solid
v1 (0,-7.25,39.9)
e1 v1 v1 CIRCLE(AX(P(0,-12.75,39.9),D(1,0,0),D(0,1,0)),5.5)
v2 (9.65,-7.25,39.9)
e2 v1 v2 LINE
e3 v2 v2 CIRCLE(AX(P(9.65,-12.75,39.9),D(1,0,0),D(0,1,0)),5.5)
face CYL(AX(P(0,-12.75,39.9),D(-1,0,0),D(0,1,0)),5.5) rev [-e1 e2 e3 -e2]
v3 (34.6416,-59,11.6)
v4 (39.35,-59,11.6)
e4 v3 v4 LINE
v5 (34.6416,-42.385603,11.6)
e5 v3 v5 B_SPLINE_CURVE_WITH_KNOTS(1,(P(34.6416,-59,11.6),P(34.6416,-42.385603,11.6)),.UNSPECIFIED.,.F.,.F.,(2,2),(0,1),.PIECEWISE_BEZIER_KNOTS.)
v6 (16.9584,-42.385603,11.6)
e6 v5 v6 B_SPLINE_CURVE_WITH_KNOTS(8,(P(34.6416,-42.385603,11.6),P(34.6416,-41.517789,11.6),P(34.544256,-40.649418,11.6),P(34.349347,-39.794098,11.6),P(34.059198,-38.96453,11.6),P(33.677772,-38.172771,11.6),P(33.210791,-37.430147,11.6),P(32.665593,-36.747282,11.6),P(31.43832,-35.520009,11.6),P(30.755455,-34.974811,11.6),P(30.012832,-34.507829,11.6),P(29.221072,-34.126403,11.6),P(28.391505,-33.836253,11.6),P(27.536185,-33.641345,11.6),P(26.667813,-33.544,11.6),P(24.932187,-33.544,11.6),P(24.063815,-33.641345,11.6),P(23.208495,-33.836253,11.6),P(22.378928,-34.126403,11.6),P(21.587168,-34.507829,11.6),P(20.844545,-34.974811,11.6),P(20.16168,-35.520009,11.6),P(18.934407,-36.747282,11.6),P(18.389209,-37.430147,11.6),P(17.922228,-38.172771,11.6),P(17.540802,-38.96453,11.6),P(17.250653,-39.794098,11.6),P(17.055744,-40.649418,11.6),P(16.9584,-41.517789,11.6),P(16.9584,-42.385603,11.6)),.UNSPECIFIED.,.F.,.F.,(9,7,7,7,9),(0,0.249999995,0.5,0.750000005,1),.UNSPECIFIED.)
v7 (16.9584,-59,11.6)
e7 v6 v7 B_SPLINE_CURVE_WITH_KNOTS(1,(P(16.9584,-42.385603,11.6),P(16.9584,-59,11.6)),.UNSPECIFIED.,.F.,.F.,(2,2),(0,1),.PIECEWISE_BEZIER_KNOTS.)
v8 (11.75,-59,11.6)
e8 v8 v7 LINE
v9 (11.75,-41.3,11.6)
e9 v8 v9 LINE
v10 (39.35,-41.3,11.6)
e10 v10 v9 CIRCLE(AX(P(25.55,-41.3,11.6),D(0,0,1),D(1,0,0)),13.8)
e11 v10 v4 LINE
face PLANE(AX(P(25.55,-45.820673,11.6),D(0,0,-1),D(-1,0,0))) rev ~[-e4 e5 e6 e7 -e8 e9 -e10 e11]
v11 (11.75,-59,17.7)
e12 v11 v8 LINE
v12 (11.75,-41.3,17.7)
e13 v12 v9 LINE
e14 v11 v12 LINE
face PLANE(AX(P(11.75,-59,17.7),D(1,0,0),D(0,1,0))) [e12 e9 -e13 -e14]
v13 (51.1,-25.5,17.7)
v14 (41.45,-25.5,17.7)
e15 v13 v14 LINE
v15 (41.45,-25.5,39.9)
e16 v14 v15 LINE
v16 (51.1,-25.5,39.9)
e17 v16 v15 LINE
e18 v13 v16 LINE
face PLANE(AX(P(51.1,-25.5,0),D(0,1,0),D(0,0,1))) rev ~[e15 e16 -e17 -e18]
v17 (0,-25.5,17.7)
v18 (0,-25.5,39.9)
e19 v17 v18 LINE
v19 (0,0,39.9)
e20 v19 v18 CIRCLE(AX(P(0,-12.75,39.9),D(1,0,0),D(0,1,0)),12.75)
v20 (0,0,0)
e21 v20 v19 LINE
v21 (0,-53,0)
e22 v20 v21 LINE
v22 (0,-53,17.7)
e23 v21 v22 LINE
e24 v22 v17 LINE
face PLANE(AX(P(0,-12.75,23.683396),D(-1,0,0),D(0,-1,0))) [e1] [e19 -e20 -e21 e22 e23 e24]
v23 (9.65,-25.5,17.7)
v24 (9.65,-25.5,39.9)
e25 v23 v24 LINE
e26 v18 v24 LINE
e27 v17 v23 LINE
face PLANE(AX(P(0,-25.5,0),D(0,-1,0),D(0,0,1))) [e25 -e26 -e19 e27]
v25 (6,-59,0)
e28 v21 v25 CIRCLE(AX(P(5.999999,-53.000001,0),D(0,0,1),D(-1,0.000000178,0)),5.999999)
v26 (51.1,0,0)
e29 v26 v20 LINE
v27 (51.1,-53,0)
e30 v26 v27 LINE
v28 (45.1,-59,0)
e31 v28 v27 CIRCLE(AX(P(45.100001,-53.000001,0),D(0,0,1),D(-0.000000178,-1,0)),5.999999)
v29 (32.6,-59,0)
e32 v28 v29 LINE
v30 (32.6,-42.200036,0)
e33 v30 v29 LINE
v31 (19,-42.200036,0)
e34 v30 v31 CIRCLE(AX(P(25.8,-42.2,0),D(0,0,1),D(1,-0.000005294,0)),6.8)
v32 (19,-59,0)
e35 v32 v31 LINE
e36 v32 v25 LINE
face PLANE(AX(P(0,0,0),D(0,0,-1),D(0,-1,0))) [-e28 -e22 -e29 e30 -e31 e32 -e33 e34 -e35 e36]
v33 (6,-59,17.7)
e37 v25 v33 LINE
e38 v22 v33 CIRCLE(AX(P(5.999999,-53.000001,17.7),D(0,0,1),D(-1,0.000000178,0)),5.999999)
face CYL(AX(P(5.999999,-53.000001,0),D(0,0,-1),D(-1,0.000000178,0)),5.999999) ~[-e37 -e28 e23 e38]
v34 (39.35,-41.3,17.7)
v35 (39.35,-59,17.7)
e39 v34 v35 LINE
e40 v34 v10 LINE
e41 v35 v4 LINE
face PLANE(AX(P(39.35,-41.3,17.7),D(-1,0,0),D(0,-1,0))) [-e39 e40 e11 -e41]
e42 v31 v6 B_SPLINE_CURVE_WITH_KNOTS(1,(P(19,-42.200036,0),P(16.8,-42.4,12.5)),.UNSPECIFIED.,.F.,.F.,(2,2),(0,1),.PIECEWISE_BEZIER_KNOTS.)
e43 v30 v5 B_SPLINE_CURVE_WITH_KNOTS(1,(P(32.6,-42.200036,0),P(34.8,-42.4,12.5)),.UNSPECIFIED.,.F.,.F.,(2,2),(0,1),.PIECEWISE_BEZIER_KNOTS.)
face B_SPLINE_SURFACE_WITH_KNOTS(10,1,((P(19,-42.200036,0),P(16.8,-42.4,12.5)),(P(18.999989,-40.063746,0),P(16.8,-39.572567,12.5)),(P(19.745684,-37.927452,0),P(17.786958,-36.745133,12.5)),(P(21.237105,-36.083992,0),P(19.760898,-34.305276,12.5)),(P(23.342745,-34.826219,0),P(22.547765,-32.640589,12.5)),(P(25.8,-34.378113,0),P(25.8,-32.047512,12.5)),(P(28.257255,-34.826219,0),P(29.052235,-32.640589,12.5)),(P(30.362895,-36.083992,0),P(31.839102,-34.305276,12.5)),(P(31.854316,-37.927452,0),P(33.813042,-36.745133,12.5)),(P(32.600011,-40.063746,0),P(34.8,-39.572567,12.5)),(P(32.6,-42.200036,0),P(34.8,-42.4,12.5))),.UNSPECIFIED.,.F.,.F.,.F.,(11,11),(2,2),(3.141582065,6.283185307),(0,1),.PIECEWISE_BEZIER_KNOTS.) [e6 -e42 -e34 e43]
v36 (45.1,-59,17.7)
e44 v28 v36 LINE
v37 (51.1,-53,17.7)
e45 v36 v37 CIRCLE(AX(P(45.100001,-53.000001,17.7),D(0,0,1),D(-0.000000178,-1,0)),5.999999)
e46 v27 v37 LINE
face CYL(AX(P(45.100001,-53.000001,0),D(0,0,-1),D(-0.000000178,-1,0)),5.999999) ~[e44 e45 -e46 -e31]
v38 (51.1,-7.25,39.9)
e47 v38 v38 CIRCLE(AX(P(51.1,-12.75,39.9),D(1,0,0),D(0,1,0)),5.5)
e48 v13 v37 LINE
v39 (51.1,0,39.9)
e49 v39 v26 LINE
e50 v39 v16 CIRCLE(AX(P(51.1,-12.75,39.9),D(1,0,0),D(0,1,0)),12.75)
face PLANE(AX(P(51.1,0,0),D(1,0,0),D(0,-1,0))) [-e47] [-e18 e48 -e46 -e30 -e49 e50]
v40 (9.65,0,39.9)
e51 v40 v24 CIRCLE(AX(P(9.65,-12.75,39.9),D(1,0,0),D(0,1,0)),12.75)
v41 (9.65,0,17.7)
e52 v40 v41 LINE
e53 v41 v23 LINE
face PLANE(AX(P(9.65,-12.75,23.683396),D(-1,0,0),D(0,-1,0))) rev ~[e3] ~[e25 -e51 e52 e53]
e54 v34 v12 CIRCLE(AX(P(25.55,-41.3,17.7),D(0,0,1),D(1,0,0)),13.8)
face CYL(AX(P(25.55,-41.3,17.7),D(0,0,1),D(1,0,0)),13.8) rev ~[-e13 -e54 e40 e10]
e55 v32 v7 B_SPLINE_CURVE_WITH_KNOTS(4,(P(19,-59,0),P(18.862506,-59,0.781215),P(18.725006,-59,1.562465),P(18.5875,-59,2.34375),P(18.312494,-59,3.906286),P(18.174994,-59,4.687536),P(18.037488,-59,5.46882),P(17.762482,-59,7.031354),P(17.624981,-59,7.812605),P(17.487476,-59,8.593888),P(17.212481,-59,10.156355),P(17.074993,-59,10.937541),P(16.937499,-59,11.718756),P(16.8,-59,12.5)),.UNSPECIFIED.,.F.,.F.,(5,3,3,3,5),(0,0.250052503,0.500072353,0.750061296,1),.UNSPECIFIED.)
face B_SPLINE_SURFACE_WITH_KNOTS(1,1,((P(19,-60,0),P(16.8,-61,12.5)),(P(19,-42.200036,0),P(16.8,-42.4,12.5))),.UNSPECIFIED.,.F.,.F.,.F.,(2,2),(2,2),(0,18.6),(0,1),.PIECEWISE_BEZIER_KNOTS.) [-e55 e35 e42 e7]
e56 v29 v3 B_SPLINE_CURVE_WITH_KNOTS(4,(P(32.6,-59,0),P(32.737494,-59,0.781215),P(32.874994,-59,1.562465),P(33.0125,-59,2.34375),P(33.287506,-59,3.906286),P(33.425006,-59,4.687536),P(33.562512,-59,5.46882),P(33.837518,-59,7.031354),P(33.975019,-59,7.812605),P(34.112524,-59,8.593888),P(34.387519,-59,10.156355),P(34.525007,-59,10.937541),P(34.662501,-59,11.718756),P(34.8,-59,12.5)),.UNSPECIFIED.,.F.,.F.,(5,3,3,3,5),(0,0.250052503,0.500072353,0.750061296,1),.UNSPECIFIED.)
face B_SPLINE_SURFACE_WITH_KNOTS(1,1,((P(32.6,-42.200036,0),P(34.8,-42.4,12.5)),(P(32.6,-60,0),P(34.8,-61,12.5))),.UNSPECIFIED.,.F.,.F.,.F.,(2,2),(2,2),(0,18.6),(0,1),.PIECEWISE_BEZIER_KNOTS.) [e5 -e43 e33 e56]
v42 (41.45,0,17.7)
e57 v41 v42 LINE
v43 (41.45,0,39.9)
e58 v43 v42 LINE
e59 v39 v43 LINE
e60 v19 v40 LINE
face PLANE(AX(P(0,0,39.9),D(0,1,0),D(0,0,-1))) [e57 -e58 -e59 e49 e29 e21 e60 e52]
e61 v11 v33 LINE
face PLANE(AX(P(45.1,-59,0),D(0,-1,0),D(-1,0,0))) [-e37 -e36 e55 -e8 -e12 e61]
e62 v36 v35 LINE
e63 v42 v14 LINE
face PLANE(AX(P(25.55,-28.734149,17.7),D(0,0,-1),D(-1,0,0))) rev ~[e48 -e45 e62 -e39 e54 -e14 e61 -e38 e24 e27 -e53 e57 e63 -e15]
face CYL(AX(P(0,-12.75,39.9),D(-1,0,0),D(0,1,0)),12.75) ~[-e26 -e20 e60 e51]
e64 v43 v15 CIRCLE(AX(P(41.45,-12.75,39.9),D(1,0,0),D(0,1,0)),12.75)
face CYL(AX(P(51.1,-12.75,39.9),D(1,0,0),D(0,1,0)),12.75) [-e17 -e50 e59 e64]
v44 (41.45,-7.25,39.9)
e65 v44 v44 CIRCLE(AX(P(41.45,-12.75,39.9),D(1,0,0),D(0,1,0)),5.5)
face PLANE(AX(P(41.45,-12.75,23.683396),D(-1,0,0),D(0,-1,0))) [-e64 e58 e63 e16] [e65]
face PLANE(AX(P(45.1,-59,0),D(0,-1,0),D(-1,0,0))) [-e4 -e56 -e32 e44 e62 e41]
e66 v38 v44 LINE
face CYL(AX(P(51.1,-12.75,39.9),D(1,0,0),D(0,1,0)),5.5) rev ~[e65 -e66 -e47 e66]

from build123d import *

# Parameters (mm, degrees)
PAD_DEPTH    = 17.7
POCKET_DEPTH = 6.1
SKETCH004_R  = 5.5
PAD001_DEPTH = 9.65
SKETCH005_R  = 5.5
PAD002_DEPTH = 9.65


with BuildPart() as hueco_inclinado:
    # Sketch002 → Loft section 0
    with BuildSketch(Plane.XY):
        with BuildLine():
            Line((32.6, -42.200036), (32.6, -60))
            Line((32.6, -60), (19, -60))
            Line((19, -60), (19, -42.200036))
            ThreePointArc((32.6, -42.200036), (25.8, -35.4), (19, -42.200036))
        make_face()
    # Sketch003 → Loft section 1
    with BuildSketch(Plane.XY.offset(12.5)):
        with BuildLine():
            Line((34.8, -42.4), (34.8, -61))
            Line((34.8, -61), (16.8, -61))
            Line((16.8, -61), (16.8, -42.4))
            ThreePointArc((34.8, -42.4), (25.8, -33.4), (16.8, -42.4))
        make_face()
    loft(ruled=True)


with BuildPart() as base:
    # Sketch → Pad (new body)
    with BuildSketch(Plane.XY):
        with BuildLine():
            Line((0, 0), (51.1, 0))
            Line((51.1, 0), (51.1, -53))
            ThreePointArc((45.1, -59), (49.342641, -57.242641), (51.1, -53))
            Line((45.1, -59), (6, -59))
            ThreePointArc((0, -53), (1.757359, -57.242641), (6, -59))
            Line((0, -53), (0, 0))
        make_face()
    extrude(amount=PAD_DEPTH)

    # Sketch001 → Pocket (cut)
    with BuildSketch(Plane.XY.offset(17.7)):
        with BuildLine():
            Line((39.35, -41.3), (39.35, -59))
            Line((11.75, -59), (39.35, -59))
            Line((11.75, -59), (11.75, -41.3))
            ThreePointArc((39.35, -41.3), (25.55, -27.5), (11.75, -41.3))
        make_face()
    extrude(amount=-POCKET_DEPTH, mode=Mode.SUBTRACT)

    # Cut: cut Hueco-inclinado
    add(hueco_inclinado.part, mode=Mode.SUBTRACT)


with BuildPart() as oreja_iz:
    # Sketch004 → Pad001 (new body)
    with BuildSketch(Plane.YZ):
        with BuildLine():
            Line((0, 39.9), (0, 0))
            Line((0, 0), (-25.5, 0))
            Line((-25.5, 0), (-25.5, 39.9))
            ThreePointArc((0, 39.9), (-12.75, 52.65), (-25.5, 39.9))
        make_face()
        with Locations((-12.75, 39.9)):
            Circle(SKETCH004_R, mode=Mode.SUBTRACT)
    extrude(amount=PAD001_DEPTH)


with BuildPart() as hueco_inclinado001:
    # Sketch005 → Pad002 (new body)
    with BuildSketch(Plane.YZ.offset(51.1)):
        with BuildLine():
            Line((0, 39.9), (0, 0))
            Line((0, 0), (-25.5, 0))
            Line((-25.5, 0), (-25.5, 39.9))
            ThreePointArc((0, 39.9), (-12.75, 52.65), (-25.5, 39.9))
        make_face()
        with Locations((-12.75, 39.9)):
            Circle(SKETCH005_R, mode=Mode.SUBTRACT)
    extrude(amount=-PAD002_DEPTH)

    # Fusion: union Oreja-iz
    add(oreja_iz.part)

    # Fusion001: union Base
    add(base.part)


solid = hueco_inclinado001.part
